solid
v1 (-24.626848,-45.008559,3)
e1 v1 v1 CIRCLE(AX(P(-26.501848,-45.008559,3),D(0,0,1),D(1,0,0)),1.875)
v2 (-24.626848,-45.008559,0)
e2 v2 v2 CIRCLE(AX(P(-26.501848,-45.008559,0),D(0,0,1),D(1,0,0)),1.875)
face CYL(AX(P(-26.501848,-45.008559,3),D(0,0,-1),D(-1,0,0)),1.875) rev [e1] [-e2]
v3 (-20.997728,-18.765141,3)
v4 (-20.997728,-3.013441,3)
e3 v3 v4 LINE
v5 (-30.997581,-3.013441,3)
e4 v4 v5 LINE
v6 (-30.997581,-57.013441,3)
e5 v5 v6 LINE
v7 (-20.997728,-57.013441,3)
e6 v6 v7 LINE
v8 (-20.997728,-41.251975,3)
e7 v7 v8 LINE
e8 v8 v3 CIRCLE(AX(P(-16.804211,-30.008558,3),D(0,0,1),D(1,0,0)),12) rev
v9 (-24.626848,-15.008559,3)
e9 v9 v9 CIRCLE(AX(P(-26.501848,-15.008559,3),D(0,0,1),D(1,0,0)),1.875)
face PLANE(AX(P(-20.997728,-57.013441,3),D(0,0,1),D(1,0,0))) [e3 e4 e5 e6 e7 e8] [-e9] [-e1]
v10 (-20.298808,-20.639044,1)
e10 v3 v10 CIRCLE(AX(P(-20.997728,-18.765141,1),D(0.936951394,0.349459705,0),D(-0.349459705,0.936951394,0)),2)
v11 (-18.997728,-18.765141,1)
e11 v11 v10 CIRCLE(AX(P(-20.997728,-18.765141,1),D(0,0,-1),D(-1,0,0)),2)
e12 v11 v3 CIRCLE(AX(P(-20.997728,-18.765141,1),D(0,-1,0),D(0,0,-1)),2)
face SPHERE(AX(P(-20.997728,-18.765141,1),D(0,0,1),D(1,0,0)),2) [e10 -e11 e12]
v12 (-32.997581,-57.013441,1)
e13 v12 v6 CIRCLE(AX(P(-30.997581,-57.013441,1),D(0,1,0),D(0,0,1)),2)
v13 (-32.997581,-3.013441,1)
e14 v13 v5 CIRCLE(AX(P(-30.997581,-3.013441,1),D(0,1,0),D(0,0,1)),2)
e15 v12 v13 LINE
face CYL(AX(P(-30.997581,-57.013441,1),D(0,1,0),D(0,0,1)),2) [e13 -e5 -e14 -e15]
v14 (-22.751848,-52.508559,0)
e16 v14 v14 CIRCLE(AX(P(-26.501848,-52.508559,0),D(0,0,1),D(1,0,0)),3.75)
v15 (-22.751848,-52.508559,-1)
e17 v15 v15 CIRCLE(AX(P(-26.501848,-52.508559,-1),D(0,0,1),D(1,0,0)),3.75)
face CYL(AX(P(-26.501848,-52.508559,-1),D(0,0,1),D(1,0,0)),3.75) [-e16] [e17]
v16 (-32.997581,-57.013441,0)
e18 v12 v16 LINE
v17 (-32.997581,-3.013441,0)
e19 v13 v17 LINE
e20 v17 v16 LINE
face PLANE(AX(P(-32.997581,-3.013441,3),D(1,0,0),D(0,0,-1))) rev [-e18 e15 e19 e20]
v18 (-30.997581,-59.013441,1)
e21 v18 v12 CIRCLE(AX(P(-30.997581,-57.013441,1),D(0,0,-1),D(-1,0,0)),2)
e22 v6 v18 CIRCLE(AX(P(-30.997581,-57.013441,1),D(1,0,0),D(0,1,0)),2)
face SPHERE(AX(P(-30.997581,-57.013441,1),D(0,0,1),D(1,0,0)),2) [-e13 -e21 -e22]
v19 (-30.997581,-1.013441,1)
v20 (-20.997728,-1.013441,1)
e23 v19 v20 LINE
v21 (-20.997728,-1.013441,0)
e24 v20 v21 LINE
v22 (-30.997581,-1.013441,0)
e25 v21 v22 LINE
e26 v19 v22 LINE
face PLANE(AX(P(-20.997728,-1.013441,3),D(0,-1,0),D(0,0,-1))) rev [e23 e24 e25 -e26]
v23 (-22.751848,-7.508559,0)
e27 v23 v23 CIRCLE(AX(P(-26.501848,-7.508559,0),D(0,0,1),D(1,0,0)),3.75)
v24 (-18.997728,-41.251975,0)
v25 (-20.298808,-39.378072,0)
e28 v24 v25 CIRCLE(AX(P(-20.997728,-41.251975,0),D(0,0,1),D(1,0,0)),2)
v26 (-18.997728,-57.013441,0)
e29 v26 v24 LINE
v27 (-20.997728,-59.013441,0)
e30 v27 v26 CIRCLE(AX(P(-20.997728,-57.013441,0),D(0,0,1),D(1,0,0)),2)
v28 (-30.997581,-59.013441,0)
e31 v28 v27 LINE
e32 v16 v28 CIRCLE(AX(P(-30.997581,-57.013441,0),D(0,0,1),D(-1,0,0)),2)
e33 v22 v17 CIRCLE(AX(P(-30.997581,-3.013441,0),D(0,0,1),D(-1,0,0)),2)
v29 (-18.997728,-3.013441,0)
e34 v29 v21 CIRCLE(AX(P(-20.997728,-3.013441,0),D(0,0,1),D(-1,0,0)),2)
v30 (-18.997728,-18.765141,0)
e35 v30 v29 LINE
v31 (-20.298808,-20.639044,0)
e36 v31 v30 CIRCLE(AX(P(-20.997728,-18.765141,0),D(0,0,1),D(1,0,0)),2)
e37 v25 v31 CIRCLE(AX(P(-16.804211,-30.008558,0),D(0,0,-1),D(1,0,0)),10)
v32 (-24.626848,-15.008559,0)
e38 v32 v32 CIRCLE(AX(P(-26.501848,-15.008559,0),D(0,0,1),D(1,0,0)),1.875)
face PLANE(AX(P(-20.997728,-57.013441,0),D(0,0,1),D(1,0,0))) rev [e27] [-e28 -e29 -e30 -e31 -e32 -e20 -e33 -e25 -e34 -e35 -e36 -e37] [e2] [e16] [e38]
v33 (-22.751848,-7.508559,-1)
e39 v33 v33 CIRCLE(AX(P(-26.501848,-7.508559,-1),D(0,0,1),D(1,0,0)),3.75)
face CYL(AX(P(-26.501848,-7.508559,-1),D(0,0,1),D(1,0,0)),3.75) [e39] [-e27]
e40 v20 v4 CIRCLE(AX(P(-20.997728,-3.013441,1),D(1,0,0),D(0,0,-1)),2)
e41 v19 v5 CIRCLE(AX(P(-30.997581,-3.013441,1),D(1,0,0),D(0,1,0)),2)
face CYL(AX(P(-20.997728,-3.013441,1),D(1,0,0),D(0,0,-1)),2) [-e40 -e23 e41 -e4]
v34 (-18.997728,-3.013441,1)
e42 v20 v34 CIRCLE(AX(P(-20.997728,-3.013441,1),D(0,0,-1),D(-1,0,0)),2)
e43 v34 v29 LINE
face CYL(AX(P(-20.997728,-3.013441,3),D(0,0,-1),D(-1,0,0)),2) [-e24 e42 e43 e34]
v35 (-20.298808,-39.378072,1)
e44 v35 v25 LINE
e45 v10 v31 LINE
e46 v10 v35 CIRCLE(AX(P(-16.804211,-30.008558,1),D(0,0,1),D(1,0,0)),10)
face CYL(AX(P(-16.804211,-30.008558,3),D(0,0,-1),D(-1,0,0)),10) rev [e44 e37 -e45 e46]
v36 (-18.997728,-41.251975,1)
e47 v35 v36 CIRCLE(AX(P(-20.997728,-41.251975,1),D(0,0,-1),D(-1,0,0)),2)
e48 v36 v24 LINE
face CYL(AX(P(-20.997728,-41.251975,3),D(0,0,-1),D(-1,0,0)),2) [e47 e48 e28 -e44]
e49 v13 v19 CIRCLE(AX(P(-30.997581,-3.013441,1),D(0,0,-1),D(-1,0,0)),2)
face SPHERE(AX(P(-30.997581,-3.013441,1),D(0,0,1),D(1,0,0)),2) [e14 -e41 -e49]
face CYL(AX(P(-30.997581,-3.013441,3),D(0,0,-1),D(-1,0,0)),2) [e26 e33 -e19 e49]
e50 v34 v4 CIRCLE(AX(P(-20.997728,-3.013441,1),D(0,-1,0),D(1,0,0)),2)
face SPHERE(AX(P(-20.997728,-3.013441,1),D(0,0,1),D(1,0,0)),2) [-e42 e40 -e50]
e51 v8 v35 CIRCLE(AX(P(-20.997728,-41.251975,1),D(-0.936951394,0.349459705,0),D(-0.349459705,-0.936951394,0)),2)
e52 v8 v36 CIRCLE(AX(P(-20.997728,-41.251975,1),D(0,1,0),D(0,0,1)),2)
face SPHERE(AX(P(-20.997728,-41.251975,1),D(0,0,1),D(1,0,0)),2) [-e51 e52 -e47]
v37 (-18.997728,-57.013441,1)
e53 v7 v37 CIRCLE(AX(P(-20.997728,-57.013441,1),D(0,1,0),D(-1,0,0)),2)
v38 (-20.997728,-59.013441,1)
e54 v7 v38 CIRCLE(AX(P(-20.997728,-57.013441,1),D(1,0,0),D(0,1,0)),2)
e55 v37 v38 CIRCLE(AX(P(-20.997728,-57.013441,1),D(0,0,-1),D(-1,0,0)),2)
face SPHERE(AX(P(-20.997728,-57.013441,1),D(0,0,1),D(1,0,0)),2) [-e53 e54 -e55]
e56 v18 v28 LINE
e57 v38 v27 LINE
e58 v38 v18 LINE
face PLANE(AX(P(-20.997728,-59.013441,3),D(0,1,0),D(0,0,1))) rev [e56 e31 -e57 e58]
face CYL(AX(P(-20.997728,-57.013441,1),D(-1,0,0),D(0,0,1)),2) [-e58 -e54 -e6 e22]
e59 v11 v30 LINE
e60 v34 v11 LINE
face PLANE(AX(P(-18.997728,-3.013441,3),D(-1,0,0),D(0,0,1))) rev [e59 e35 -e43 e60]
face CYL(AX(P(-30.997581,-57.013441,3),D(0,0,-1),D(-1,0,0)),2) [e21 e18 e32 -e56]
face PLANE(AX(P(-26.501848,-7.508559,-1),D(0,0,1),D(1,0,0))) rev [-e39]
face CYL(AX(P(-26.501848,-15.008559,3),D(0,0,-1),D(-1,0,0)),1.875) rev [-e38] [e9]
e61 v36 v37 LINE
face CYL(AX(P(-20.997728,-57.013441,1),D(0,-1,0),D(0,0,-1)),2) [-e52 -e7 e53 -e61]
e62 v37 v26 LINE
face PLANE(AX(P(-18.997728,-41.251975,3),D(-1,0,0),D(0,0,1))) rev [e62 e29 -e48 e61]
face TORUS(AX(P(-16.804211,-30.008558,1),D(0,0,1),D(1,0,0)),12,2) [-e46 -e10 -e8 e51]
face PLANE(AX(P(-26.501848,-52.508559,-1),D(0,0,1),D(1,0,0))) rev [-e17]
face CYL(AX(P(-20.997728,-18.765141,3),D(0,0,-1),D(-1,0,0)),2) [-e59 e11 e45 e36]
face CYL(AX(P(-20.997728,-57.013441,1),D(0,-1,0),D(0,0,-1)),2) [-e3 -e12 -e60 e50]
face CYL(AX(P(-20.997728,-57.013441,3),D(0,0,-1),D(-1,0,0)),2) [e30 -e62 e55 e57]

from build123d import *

# Parameters (mm, degrees)
SKETCH1_R           = 1.875
BOSS_EXTRUDE1_DEPTH = 3
FILLET1_R           = 2
SKETCH2_R           = 3.75
BOSS_EXTRUDE2_DEPTH = 4


with BuildPart() as part:
    # Sketch1 → Boss-Extrude1 (new body)
    with BuildSketch(Plane.XY):
        with BuildLine():
            Line((-20.997727651, -1.013441276), (-30.997581376, -1.013441276))
            ThreePointArc((-30.997581376, -1.013441276), (-32.411794939, -1.599227714), (-32.997581376, -3.013441276))
            Line((-32.997581376, -3.013441276), (-32.997581376, -57.013441276))
            ThreePointArc((-32.997581376, -57.013441276), (-32.411794939, -58.427654839), (-30.997581376, -59.013441276))
            Line((-30.997581376, -59.013441276), (-20.997727651, -59.013441276))
            ThreePointArc((-20.997727651, -59.013441276), (-19.583514088, -58.427654839), (-18.997727651, -57.013441276))
            Line((-18.997727651, -57.013441276), (-18.997727651, -41.251974862))
            ThreePointArc((-18.997727651, -41.251974862), (-19.354888824, -40.111325665), (-20.298808241, -39.378072073))
            ThreePointArc((-20.298808241, -39.378072073), (-26.804211193, -30.008558133), (-20.298808241, -20.639044193))
            ThreePointArc((-20.298808241, -20.639044193), (-19.354888824, -19.905790602), (-18.997727651, -18.765141405))
            Line((-18.997727651, -18.765141405), (-18.997727651, -3.013441276))
            ThreePointArc((-18.997727651, -3.013441276), (-19.583514088, -1.599227714), (-20.997727651, -1.013441276))
        make_face()
        with Locations((-26.501848256, -15.008558747)):
            Circle(SKETCH1_R, mode=Mode.SUBTRACT)
        with Locations((-26.501848256, -45.008558747)):
            Circle(SKETCH1_R, mode=Mode.SUBTRACT)
    extrude(amount=BOSS_EXTRUDE1_DEPTH)

    # Fillet1
    fillet1_edges = [part.edges().sort_by_distance(p)[0] for p in [
        (-19.354888824, -40.111325665, 3),
        (-26.804211193, -30.008558133, 3),
        (-19.354888824, -19.905790602, 3),
        (-18.997727651, -10.889291341, 3),
        (-19.583514088, -1.599227714, 3),
        (-25.997654514, -1.013441276, 3),
        (-32.411794939, -1.599227714, 3),
        (-32.997581376, -30.013441276, 3),
        (-32.411794939, -58.427654839, 3),
        (-25.997654514, -59.013441276, 3),
        (-19.583514088, -58.427654839, 3),
        (-18.997727651, -49.132708069, 3),
    ]]
    fillet(fillet1_edges, radius=FILLET1_R)

    # Sketch2 → Boss-Extrude2 (add)
    with BuildSketch(Plane.XY.offset(3)):
        with Locations((-26.501848256, -7.508558747)):
            Circle(SKETCH2_R)
        with Locations((-26.501848256, -52.508558747)):
            Circle(SKETCH2_R)
    extrude(amount=-BOSS_EXTRUDE2_DEPTH)


solid = part.part
